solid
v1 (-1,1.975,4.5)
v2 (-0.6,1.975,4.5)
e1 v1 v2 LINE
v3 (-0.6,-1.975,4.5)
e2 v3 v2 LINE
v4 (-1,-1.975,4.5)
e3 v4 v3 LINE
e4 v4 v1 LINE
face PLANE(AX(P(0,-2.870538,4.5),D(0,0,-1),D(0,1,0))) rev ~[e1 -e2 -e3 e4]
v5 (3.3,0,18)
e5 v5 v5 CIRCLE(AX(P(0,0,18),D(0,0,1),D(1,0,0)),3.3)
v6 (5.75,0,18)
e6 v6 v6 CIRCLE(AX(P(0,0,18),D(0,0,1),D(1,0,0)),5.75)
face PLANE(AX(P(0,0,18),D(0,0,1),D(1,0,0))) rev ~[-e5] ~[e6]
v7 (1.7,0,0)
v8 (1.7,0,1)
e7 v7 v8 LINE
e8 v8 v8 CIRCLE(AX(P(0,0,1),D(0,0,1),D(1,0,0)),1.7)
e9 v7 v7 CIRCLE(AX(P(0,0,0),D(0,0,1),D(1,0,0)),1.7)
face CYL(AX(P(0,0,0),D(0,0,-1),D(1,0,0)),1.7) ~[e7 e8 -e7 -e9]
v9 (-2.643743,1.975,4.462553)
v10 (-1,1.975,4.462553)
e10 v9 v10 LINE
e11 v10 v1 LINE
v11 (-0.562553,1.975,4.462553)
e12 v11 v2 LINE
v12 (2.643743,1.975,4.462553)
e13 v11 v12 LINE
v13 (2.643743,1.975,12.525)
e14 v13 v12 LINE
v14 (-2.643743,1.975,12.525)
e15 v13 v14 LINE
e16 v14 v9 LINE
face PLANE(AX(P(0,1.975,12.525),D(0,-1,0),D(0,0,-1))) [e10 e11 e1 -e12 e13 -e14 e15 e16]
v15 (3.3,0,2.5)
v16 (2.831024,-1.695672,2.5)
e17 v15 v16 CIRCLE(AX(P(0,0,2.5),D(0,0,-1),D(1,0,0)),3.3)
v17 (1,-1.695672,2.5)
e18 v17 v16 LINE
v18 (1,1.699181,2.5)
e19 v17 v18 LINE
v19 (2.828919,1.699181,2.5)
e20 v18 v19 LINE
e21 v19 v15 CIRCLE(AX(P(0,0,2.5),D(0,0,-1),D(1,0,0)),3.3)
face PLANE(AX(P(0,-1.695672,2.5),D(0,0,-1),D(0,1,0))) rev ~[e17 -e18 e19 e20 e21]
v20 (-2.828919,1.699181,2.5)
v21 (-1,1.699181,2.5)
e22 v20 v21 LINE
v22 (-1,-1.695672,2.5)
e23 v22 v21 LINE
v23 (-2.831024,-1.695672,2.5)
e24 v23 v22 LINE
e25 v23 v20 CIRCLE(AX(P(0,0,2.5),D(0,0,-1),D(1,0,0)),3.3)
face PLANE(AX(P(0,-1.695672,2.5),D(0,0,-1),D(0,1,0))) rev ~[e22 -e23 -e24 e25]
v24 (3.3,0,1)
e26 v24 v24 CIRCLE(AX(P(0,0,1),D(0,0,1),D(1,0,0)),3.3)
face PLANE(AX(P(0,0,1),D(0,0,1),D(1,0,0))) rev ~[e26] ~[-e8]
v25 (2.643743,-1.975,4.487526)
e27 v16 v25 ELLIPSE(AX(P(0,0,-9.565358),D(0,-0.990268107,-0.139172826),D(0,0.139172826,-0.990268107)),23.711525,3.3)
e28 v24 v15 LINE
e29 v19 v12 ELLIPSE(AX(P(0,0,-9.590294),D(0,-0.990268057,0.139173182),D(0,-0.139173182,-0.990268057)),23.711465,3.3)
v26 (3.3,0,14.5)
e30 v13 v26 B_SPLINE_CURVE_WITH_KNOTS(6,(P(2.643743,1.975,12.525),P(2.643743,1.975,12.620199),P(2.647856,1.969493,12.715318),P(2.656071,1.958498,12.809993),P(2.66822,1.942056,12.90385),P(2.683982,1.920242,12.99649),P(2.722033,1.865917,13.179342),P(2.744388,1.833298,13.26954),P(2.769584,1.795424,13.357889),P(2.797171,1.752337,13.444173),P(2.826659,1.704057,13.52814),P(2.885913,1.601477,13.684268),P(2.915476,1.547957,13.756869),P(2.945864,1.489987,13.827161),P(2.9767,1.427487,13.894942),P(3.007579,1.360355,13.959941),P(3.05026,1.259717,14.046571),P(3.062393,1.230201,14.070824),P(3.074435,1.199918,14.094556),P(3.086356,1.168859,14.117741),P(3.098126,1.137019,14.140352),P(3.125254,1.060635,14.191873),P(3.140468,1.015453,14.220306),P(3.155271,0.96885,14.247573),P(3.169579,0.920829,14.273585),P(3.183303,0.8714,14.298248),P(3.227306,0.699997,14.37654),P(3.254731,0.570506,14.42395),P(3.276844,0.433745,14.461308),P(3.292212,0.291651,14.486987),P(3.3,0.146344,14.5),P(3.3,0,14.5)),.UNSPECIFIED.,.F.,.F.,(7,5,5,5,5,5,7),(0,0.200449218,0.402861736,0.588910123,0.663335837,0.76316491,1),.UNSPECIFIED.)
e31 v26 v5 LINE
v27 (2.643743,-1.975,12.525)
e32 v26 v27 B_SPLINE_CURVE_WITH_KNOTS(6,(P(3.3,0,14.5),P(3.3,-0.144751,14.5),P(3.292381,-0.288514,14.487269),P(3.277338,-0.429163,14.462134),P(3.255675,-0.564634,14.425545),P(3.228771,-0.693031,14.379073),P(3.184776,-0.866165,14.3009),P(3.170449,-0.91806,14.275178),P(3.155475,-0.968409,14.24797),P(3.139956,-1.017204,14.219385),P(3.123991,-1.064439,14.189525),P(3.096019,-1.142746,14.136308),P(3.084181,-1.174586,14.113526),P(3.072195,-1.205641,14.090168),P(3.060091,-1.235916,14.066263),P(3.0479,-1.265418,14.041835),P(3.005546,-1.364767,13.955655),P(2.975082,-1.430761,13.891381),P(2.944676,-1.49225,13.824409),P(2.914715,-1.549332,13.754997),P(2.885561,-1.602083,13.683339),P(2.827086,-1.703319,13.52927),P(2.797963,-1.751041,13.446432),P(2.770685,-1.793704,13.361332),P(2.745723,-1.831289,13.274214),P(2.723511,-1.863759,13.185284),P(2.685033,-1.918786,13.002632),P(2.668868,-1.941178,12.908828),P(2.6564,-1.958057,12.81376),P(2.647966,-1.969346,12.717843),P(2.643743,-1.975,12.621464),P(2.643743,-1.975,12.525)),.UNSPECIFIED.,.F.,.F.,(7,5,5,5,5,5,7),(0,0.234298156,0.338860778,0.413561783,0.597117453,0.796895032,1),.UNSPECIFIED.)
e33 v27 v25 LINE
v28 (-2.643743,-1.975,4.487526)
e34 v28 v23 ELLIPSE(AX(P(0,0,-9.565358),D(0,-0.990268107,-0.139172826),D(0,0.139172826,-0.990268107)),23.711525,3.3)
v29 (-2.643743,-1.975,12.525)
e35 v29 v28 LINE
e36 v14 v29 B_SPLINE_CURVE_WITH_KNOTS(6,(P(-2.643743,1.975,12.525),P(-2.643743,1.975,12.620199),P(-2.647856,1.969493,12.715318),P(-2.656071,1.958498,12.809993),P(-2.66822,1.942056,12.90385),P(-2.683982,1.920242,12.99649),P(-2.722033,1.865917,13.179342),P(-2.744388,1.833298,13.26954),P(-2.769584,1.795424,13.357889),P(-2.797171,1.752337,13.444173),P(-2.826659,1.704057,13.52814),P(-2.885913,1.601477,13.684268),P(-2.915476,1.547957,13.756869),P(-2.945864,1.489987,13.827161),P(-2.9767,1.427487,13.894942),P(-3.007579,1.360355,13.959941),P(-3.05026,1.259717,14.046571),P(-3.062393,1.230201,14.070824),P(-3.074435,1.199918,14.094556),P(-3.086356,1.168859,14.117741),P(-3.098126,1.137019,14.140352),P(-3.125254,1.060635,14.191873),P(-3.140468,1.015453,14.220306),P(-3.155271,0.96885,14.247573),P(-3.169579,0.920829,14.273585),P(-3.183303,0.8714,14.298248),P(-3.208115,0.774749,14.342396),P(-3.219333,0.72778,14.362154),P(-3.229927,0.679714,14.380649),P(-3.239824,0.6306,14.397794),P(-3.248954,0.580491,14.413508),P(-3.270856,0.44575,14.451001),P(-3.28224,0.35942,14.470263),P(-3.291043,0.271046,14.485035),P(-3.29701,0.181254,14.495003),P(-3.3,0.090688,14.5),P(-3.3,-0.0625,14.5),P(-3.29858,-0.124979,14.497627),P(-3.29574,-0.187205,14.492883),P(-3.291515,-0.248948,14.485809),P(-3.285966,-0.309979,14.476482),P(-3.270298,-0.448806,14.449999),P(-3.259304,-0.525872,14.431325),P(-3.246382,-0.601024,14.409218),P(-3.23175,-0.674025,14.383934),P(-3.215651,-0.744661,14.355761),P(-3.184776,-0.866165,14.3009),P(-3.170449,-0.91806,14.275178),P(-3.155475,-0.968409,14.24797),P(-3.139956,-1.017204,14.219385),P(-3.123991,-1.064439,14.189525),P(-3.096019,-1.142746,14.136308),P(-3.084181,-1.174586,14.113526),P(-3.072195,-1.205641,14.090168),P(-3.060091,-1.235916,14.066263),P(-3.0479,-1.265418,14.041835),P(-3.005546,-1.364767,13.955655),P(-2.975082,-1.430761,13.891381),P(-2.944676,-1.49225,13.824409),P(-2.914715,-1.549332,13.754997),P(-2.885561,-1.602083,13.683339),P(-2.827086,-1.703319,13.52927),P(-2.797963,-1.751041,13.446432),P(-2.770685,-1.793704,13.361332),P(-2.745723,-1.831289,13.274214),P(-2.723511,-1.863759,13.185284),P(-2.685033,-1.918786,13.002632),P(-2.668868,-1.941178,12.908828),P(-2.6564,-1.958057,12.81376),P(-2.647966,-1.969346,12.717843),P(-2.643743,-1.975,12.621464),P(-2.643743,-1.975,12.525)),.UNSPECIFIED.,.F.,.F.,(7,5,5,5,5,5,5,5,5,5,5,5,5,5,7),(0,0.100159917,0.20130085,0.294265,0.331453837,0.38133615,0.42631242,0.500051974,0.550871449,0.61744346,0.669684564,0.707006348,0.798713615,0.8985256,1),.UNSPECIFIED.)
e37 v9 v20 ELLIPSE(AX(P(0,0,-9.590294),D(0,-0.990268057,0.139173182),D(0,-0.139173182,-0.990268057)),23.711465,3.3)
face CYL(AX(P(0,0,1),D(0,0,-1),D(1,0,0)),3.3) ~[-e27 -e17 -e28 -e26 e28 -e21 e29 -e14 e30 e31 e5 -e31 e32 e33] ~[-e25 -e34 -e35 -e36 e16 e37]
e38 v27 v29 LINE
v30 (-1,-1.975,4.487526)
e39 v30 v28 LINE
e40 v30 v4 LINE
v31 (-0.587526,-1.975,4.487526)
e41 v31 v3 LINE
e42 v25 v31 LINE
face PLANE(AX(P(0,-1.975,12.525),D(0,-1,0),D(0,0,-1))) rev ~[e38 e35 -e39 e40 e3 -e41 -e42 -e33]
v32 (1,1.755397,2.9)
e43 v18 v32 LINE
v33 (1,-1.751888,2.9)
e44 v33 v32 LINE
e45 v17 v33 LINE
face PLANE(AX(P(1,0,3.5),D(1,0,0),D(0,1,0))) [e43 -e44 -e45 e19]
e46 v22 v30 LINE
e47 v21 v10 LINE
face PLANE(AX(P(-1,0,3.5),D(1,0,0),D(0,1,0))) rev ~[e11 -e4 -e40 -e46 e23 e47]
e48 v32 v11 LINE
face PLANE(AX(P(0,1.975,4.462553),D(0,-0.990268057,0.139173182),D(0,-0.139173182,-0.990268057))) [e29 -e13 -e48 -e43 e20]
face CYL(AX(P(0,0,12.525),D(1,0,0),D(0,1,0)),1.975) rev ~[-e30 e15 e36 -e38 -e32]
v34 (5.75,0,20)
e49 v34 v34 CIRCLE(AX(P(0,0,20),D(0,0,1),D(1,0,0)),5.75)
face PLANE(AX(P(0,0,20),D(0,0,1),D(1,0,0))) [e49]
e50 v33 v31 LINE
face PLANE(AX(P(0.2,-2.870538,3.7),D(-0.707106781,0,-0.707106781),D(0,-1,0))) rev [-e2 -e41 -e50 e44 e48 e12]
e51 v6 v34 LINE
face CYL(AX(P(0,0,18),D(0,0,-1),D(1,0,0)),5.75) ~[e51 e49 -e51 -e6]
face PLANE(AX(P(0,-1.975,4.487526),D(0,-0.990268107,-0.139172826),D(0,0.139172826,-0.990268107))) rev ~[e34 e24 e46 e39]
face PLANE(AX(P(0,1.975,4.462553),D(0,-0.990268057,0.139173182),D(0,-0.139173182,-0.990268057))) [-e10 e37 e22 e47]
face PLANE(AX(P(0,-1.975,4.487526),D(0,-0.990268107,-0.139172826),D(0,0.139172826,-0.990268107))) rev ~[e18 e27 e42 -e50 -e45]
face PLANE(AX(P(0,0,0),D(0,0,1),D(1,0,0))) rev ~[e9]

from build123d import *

# Parameters (mm, degrees)
SKETCH006_W      = 5.741076
SKETCH006_H      = 2
EXTRUDE004_DEPTH = 1
CHAMFER_SIZE     = 1.6
EXTRUDE003_DEPTH = 7.5
SKETCH001_R      = 3.3
EXTRUDE001_DEPTH = 17
SKETCH002_R      = 5.75
EXTRUDE002_DEPTH = 2
SKETCH_R         = 1.7
EXTRUDE_DEPTH    = 1


with BuildPart() as chamfer_body:
    # Sketch006 → Extrude004 (new body, symmetric)
    with BuildSketch(Plane.YZ):
        with Locations((0, 3.5)):
            Rectangle(SKETCH006_W, SKETCH006_H)
    extrude(amount=EXTRUDE004_DEPTH, both=True)

    # Chamfer
    chamfer_edges = [chamfer_body.edges().sort_by_distance(p)[0] for p in [
        (1, 0, 4.5),
    ]]
    chamfer(chamfer_edges, length=CHAMFER_SIZE)


with BuildPart() as hole_e:
    # Sketch003 → Extrude003 (new body, symmetric)
    with BuildSketch(Plane.YZ):
        with BuildLine():
            Line((-1.975, 8.5), (-1.975, 4.487526))
            Line((-1.975, 4.487526), (-1.695672, 2.5))
            Line((-1.695672, 2.5), (0.001755, 2.5))
            Line((0.001755, 2.5), (1.699181, 2.5))
            Line((1.975, 4.462553), (1.699181, 2.5))
            Line((1.975, 8.5), (1.975, 4.462553))
            Line((1.975, 12.525), (1.975, 8.5))
            ThreePointArc((1.975, 12.525), (0, 14.5), (-1.975, 12.525))
            Line((-1.975, 12.525), (-1.975, 8.5))
        make_face()
    extrude(amount=EXTRUDE003_DEPTH, both=True)


with BuildPart() as slice2_e:
    # Sketch001 → Extrude001 (new body)
    with BuildSketch(Plane.XY.offset(1)):
        Circle(SKETCH001_R)
    extrude(amount=EXTRUDE001_DEPTH)


with BuildPart() as slice3_e:
    # Sketch002 → Extrude002 (new body)
    with BuildSketch(Plane.XY.offset(18)):
        Circle(SKETCH002_R)
    extrude(amount=EXTRUDE002_DEPTH)


with BuildPart() as everything:
    # Sketch → Extrude (new body)
    with BuildSketch(Plane.XY):
        Circle(SKETCH_R)
    extrude(amount=EXTRUDE_DEPTH)

    # Fusion: union slice2_e, slice3_e
    add(slice2_e.part)
    add(slice3_e.part)

    # Cut: cut hole_e
    add(hole_e.part, mode=Mode.SUBTRACT)

    # Fusion001: union Chamfer body
    add(chamfer_body.part)


solid = everything.part
